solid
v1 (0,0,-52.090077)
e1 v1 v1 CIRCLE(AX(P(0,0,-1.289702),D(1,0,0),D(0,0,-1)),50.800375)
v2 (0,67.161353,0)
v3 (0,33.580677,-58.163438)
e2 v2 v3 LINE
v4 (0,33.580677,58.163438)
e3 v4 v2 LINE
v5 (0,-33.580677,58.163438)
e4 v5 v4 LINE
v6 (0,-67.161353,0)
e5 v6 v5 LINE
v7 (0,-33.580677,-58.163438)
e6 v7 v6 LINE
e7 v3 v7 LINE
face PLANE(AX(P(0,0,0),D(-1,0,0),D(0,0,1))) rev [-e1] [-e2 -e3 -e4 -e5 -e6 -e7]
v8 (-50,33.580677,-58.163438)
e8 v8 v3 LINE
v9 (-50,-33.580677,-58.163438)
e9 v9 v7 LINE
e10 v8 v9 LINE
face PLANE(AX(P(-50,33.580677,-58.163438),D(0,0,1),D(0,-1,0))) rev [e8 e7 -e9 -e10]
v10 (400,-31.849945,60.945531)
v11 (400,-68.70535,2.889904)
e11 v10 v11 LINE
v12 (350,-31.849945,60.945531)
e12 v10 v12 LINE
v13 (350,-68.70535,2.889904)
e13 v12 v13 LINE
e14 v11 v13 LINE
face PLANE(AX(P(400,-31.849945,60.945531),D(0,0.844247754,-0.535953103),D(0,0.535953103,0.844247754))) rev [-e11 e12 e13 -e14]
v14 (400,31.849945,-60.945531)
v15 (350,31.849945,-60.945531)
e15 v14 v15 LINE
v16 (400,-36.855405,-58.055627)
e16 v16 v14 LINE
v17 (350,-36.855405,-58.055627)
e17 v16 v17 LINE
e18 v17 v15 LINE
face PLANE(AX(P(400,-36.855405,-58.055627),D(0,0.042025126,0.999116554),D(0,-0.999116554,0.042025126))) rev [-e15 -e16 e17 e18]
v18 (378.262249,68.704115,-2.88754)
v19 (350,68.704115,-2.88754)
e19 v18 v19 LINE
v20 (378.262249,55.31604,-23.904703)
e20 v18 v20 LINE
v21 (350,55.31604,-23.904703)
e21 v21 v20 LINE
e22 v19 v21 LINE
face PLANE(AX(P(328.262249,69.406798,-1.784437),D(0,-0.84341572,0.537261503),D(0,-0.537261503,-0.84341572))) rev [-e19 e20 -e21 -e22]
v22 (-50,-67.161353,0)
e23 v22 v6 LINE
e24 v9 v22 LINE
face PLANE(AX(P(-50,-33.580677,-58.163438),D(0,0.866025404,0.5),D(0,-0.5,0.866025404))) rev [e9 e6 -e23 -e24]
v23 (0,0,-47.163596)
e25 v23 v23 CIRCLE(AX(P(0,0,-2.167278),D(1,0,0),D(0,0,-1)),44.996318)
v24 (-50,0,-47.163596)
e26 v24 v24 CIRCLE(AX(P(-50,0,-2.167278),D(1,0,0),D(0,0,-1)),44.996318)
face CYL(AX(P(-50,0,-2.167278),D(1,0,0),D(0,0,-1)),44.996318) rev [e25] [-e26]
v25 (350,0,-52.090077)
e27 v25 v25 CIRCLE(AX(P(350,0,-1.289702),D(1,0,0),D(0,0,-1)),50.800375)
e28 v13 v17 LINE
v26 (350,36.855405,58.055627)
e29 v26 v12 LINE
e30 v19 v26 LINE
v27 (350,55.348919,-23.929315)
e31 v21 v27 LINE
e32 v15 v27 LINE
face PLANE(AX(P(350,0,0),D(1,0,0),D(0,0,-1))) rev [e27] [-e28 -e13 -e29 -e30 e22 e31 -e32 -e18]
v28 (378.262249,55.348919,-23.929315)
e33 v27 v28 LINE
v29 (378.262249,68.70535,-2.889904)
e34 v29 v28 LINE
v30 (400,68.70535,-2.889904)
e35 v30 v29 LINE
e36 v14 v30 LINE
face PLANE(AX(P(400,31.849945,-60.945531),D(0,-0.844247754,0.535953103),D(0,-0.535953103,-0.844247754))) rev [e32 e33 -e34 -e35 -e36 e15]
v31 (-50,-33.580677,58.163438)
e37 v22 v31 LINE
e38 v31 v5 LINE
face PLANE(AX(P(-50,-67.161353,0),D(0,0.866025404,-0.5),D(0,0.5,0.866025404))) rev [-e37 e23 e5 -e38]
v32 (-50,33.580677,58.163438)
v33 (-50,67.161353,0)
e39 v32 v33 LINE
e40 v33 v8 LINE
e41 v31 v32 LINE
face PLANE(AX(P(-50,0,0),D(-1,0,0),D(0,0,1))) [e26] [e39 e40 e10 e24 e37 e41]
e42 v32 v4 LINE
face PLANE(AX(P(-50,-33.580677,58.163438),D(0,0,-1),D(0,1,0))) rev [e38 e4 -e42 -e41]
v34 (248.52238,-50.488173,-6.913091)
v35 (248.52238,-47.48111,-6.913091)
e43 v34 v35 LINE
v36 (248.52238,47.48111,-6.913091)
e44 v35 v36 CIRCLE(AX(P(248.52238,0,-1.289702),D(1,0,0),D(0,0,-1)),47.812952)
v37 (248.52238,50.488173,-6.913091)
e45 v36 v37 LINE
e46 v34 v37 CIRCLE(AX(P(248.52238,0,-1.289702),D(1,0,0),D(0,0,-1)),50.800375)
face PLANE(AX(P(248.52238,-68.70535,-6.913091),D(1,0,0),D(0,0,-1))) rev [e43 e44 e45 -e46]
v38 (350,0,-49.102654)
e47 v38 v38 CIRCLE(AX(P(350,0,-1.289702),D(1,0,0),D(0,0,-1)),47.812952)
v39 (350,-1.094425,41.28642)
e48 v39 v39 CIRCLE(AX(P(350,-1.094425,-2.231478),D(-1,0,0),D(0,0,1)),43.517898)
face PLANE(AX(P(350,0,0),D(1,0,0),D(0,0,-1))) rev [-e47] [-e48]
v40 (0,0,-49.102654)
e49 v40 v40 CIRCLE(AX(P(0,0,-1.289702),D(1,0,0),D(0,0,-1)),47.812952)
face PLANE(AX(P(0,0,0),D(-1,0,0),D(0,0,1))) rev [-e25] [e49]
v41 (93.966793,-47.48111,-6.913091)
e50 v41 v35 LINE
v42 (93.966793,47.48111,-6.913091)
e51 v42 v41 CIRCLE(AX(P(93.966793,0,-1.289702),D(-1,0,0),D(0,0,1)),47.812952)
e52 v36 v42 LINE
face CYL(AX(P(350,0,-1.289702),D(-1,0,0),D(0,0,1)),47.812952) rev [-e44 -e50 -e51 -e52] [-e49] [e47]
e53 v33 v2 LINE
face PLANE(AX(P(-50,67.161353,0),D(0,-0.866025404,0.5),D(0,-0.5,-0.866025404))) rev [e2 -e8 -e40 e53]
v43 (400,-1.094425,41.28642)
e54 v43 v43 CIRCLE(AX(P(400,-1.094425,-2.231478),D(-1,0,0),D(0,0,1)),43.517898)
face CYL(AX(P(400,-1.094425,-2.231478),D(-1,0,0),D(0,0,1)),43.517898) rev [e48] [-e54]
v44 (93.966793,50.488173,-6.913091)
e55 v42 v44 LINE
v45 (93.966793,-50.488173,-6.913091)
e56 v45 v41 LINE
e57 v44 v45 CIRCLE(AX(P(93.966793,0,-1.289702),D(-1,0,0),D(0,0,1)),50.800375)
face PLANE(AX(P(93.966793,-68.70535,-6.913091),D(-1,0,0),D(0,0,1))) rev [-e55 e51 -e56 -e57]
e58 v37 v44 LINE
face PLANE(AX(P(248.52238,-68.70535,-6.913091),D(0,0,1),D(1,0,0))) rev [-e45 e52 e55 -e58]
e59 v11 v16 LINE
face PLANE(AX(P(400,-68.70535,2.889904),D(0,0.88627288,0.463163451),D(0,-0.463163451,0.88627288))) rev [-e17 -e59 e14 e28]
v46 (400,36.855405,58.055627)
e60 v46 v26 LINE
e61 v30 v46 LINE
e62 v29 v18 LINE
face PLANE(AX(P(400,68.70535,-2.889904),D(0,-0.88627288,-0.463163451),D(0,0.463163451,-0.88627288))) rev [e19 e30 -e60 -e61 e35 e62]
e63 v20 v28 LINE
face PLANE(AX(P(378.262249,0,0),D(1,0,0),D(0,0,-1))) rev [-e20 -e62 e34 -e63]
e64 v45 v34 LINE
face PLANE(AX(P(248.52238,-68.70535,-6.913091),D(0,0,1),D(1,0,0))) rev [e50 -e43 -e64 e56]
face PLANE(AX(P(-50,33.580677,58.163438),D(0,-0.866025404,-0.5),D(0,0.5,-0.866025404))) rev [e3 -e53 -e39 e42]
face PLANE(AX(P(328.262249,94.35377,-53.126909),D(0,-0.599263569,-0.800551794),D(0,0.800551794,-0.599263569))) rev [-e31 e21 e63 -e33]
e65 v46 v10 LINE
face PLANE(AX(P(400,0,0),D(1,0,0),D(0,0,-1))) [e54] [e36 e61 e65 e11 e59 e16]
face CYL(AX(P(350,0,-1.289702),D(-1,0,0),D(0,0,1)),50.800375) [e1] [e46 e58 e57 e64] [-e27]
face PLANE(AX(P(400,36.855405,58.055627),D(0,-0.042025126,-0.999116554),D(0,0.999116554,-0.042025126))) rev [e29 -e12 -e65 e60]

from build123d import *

# Parameters (mm, degrees)
SKETCH1_R            = 50.800375113
SKETCH1_R_2          = 47.812951641
BOSS_EXTRUDE2_DEPTH  = 350
BOSS_EXTRUDE5_DEPTH  = 50
BOSS_EXTRUDE11_DEPTH = 50
SKETCH6_R            = 44.996318031
CUT_EXTRUDE2_DEPTH   = 50
SKETCH7_R            = 43.517898498
CUT_EXTRUDE3_DEPTH   = 50
SKETCH10_W           = 19.115808835
SKETCH10_H           = 20.742352913
BOSS_EXTRUDE12_DEPTH = 50
SKETCH11_W           = 54.364903868
SKETCH11_H           = 26.370020035
CUT_EXTRUDE6_DEPTH   = 50
SKETCH12_W           = 154.555587183
SKETCH12_H           = 189.686795077
CUT_EXTRUDE7_DEPTH   = 434.835259258
CUT_EXTRUDE9_DEPTH   = 50


with BuildPart() as part:
    # Sketch1 → Boss-Extrude2 (new body)
    with BuildSketch(Plane(origin=(0, 0, 0), x_dir=(0, 0, -1), z_dir=(1, 0, 0))):
        with Locations((1.289702318, 0)):
            Circle(SKETCH1_R)
        with Locations((1.289702318, 0)):
            Circle(SKETCH1_R_2, mode=Mode.SUBTRACT)
    extrude(amount=BOSS_EXTRUDE2_DEPTH)

    # Sketch3 → Boss-Extrude5 (add)
    with BuildSketch(Plane(origin=(350, 0, 0), x_dir=(0, 0, -1), z_dir=(1, 0, 0))):
        Polygon((58.055626726, -36.855405481), (60.945530776, 31.849944836), (2.88990405, 68.705350317), (-58.055626726, 36.855405481), (-60.945530776, -31.849944836), (-2.88990405, -68.705350317), align=None)
        Polygon((29.411876605, -18.99044871), (30.315925302, 11.383738416), (4.46313198, 27.353761118), (-22.293710039, 12.949596693), (-23.197758737, -17.424590433), (2.655034585, -33.394613135), align=None, mode=Mode.SUBTRACT)
    extrude(amount=BOSS_EXTRUDE5_DEPTH)

    # Sketch5 → Boss-Extrude11 (add)
    with BuildSketch(Plane.ZY):
        Polygon((0, -67.161353017), (58.163437865, -33.580676508), (58.163437865, 33.580676508), (0, 67.161353017), (-58.163437865, 33.580676508), (-58.163437865, -33.580676508), align=None)
    extrude(amount=BOSS_EXTRUDE11_DEPTH)

    # Sketch6 → Cut-Extrude2 (cut)
    with BuildSketch(Plane(origin=(0, 0, 0), x_dir=(0, 0, -1), z_dir=(1, 0, 0))):
        with Locations((2.167278034, 0)):
            Circle(SKETCH6_R)
    extrude(amount=-CUT_EXTRUDE2_DEPTH, mode=Mode.SUBTRACT)

    # Sketch7 → Cut-Extrude3 (cut)
    with BuildSketch(Plane.ZY.offset(-350)):
        with Locations((-2.231478452, -1.09442532)):
            Circle(SKETCH7_R)
    extrude(amount=-CUT_EXTRUDE3_DEPTH, mode=Mode.SUBTRACT)

    # Sketch10 → Boss-Extrude12 (add)
    with BuildSketch(Plane(origin=(0, 50.277647577, -31.917717413), x_dir=(1, 0, 0), z_dir=(0, 0.8442477544511112, -0.5359531034561291))):
        with Locations((368.704344308, -19.961055073)):
            Rectangle(SKETCH10_W, SKETCH10_H)
    extrude(amount=BOSS_EXTRUDE12_DEPTH)

    # Sketch11 → Cut-Extrude6 (cut)
    with BuildSketch(Plane(origin=(378.262248725, 0, 0), x_dir=(0, 0, -1), z_dir=(1, 0, 0))):
        with Locations((35.769872333, 101.000183765)):
            Rectangle(SKETCH11_W, SKETCH11_H)
    extrude(amount=-CUT_EXTRUDE6_DEPTH, mode=Mode.SUBTRACT)

    # Sketch12 → Cut-Extrude7 (cut, through all)
    with BuildSketch(Plane(origin=(0, 87.815173747, 0), x_dir=(1, 0, 0), z_dir=(0, 1, 0))):
        with Locations((171.244586456, 101.756488253)):
            Rectangle(SKETCH12_W, SKETCH12_H)
    extrude(amount=-CUT_EXTRUDE7_DEPTH, mode=Mode.SUBTRACT)

    # Sketch13 → Cut-Extrude9 (cut)
    with BuildSketch(Plane(origin=(378.262248725, 0, 0), x_dir=(0, 0, -1), z_dir=(1, 0, 0))):
        Polygon((2.767415971, 94.353770173), (53.126909072, 94.353770173), (23.904702859, 55.316039855), (1.784436984, 69.406798444), align=None)
    extrude(amount=-CUT_EXTRUDE9_DEPTH, mode=Mode.SUBTRACT)


solid = part.part
